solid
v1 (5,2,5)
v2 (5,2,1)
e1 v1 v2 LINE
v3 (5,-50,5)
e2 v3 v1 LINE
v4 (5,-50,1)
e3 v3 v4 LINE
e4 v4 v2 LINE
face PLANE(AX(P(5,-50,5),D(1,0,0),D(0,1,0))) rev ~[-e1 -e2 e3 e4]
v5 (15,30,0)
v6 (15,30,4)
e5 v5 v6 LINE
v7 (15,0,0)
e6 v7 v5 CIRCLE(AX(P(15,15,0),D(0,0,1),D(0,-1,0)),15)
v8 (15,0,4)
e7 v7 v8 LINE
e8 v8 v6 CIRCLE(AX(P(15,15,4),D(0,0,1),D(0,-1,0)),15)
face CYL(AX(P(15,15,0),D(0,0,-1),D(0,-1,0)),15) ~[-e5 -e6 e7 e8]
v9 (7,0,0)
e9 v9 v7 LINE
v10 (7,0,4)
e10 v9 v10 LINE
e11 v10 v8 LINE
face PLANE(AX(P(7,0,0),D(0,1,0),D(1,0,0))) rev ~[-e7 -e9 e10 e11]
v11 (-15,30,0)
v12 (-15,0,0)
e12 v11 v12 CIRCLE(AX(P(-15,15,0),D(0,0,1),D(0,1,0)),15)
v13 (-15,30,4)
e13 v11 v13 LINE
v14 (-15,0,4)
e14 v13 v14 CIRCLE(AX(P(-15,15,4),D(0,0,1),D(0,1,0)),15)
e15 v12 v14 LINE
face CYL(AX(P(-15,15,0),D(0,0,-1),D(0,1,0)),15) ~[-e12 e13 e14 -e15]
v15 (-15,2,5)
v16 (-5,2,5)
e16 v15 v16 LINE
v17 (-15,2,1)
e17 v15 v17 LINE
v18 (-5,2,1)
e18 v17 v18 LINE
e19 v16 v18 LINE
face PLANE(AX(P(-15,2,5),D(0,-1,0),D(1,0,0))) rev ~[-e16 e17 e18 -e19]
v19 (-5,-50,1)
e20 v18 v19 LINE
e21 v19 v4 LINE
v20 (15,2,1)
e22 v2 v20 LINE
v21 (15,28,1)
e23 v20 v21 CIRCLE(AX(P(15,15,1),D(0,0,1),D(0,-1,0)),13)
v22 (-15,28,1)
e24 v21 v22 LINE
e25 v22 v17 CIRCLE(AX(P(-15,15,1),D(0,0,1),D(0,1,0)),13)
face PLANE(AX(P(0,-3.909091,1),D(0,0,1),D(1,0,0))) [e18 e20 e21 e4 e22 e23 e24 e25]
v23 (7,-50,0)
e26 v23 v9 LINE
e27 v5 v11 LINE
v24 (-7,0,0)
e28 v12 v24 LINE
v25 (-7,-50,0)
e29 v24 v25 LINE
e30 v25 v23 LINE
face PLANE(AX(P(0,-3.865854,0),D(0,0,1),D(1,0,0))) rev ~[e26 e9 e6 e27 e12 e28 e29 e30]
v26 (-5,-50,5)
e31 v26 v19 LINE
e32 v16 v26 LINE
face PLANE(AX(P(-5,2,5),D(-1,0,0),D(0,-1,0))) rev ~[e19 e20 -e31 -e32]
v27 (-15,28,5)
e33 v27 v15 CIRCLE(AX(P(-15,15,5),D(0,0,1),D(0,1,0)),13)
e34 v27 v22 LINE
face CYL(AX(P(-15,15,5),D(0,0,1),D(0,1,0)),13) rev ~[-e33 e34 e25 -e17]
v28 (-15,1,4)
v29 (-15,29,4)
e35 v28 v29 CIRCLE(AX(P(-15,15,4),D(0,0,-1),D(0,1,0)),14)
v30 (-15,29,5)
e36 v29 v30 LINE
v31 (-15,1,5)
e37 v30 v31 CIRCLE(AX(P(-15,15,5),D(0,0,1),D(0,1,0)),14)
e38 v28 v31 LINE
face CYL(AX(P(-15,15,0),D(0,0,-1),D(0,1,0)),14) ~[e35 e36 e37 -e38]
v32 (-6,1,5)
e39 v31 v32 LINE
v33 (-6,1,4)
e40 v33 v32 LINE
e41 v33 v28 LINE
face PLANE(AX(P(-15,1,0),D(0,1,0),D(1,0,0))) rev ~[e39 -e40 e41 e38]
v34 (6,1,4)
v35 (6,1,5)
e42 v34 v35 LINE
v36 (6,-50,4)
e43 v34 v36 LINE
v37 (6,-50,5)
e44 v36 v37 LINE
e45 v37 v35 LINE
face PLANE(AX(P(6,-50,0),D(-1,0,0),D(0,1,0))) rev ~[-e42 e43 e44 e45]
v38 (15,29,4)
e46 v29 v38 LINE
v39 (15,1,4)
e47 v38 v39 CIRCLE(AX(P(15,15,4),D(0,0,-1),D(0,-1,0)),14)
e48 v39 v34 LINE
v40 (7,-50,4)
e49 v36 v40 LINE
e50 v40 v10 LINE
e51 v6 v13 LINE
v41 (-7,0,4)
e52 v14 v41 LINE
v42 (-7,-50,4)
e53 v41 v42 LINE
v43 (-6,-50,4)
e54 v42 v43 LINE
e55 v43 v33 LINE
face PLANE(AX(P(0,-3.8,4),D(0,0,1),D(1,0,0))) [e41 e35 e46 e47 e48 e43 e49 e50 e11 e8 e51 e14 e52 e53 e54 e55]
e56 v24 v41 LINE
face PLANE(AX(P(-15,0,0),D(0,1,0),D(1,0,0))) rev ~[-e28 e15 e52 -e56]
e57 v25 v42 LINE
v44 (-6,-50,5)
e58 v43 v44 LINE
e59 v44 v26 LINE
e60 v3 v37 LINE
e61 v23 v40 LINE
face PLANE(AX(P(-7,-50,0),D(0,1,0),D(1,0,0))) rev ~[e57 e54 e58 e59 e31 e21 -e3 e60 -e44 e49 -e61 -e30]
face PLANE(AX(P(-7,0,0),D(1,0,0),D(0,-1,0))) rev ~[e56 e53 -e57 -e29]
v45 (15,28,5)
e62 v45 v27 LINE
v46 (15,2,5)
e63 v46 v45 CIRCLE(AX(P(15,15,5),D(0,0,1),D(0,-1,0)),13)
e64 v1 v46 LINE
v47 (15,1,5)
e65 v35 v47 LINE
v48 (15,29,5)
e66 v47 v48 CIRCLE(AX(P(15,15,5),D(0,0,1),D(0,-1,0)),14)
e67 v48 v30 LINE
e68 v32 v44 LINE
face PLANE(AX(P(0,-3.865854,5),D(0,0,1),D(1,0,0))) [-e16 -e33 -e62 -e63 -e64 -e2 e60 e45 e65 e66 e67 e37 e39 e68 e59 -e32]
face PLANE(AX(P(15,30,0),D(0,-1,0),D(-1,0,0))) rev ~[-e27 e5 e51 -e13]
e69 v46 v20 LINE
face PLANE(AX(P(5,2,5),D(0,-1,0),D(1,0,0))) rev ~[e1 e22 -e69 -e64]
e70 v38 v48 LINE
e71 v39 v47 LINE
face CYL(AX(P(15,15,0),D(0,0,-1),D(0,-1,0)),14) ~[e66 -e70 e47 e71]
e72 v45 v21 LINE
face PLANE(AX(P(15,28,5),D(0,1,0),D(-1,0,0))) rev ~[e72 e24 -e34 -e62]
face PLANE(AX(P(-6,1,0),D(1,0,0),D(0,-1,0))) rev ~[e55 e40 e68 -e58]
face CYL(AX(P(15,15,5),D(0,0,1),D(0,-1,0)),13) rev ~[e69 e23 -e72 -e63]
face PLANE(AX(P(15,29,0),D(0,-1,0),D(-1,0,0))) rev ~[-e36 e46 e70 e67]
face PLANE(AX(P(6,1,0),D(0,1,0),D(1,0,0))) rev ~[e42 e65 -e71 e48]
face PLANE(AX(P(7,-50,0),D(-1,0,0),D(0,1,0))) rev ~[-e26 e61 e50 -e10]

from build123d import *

# Parameters (mm, degrees)
PAD_DEPTH    = 4
PAD001_DEPTH = 5
POCKET_DEPTH = 4


with BuildPart() as part:
    # Sketch → Pad (new body)
    with BuildSketch(Plane.XY):
        with BuildLine():
            Line((-7, -50), (7, -50))
            Line((7, -50), (7, 0))
            Line((7, 0), (15, 0))
            ThreePointArc((15, 0), (30, 15), (15, 30))
            Line((15, 30), (-15, 30))
            ThreePointArc((-15, 30), (-30, 15), (-15, 0))
            Line((-15, 0), (-7, 0))
            Line((-7, 0), (-7, -50))
        make_face()
    extrude(amount=PAD_DEPTH)

    # Sketch001 → Pad001 (join)
    with BuildSketch(Plane.XY):
        with BuildLine():
            Line((-6, -50), (6, -50))
            Line((6, -50), (6, 1))
            Line((6, 1), (15, 1))
            ThreePointArc((15, 1), (29, 15), (15, 29))
            Line((15, 29), (-15, 29))
            ThreePointArc((-15, 29), (-29, 15), (-15, 1))
            Line((-15, 1), (-6, 1))
            Line((-6, 1), (-6, -50))
        make_face()
    extrude(amount=PAD001_DEPTH)

    # Sketch002 → Pocket (cut)
    with BuildSketch(Plane.XY.offset(5)):
        with BuildLine():
            Line((-5, -50), (5, -50))
            Line((5, -50), (5, 2))
            Line((5, 2), (15, 2))
            ThreePointArc((15, 2), (28, 15), (15, 28))
            Line((15, 28), (-15, 28))
            ThreePointArc((-15, 28), (-28, 15), (-15, 2))
            Line((-15, 2), (-5, 2))
            Line((-5, 2), (-5, -50))
        make_face()
    extrude(amount=-POCKET_DEPTH, mode=Mode.SUBTRACT)


solid = part.part
